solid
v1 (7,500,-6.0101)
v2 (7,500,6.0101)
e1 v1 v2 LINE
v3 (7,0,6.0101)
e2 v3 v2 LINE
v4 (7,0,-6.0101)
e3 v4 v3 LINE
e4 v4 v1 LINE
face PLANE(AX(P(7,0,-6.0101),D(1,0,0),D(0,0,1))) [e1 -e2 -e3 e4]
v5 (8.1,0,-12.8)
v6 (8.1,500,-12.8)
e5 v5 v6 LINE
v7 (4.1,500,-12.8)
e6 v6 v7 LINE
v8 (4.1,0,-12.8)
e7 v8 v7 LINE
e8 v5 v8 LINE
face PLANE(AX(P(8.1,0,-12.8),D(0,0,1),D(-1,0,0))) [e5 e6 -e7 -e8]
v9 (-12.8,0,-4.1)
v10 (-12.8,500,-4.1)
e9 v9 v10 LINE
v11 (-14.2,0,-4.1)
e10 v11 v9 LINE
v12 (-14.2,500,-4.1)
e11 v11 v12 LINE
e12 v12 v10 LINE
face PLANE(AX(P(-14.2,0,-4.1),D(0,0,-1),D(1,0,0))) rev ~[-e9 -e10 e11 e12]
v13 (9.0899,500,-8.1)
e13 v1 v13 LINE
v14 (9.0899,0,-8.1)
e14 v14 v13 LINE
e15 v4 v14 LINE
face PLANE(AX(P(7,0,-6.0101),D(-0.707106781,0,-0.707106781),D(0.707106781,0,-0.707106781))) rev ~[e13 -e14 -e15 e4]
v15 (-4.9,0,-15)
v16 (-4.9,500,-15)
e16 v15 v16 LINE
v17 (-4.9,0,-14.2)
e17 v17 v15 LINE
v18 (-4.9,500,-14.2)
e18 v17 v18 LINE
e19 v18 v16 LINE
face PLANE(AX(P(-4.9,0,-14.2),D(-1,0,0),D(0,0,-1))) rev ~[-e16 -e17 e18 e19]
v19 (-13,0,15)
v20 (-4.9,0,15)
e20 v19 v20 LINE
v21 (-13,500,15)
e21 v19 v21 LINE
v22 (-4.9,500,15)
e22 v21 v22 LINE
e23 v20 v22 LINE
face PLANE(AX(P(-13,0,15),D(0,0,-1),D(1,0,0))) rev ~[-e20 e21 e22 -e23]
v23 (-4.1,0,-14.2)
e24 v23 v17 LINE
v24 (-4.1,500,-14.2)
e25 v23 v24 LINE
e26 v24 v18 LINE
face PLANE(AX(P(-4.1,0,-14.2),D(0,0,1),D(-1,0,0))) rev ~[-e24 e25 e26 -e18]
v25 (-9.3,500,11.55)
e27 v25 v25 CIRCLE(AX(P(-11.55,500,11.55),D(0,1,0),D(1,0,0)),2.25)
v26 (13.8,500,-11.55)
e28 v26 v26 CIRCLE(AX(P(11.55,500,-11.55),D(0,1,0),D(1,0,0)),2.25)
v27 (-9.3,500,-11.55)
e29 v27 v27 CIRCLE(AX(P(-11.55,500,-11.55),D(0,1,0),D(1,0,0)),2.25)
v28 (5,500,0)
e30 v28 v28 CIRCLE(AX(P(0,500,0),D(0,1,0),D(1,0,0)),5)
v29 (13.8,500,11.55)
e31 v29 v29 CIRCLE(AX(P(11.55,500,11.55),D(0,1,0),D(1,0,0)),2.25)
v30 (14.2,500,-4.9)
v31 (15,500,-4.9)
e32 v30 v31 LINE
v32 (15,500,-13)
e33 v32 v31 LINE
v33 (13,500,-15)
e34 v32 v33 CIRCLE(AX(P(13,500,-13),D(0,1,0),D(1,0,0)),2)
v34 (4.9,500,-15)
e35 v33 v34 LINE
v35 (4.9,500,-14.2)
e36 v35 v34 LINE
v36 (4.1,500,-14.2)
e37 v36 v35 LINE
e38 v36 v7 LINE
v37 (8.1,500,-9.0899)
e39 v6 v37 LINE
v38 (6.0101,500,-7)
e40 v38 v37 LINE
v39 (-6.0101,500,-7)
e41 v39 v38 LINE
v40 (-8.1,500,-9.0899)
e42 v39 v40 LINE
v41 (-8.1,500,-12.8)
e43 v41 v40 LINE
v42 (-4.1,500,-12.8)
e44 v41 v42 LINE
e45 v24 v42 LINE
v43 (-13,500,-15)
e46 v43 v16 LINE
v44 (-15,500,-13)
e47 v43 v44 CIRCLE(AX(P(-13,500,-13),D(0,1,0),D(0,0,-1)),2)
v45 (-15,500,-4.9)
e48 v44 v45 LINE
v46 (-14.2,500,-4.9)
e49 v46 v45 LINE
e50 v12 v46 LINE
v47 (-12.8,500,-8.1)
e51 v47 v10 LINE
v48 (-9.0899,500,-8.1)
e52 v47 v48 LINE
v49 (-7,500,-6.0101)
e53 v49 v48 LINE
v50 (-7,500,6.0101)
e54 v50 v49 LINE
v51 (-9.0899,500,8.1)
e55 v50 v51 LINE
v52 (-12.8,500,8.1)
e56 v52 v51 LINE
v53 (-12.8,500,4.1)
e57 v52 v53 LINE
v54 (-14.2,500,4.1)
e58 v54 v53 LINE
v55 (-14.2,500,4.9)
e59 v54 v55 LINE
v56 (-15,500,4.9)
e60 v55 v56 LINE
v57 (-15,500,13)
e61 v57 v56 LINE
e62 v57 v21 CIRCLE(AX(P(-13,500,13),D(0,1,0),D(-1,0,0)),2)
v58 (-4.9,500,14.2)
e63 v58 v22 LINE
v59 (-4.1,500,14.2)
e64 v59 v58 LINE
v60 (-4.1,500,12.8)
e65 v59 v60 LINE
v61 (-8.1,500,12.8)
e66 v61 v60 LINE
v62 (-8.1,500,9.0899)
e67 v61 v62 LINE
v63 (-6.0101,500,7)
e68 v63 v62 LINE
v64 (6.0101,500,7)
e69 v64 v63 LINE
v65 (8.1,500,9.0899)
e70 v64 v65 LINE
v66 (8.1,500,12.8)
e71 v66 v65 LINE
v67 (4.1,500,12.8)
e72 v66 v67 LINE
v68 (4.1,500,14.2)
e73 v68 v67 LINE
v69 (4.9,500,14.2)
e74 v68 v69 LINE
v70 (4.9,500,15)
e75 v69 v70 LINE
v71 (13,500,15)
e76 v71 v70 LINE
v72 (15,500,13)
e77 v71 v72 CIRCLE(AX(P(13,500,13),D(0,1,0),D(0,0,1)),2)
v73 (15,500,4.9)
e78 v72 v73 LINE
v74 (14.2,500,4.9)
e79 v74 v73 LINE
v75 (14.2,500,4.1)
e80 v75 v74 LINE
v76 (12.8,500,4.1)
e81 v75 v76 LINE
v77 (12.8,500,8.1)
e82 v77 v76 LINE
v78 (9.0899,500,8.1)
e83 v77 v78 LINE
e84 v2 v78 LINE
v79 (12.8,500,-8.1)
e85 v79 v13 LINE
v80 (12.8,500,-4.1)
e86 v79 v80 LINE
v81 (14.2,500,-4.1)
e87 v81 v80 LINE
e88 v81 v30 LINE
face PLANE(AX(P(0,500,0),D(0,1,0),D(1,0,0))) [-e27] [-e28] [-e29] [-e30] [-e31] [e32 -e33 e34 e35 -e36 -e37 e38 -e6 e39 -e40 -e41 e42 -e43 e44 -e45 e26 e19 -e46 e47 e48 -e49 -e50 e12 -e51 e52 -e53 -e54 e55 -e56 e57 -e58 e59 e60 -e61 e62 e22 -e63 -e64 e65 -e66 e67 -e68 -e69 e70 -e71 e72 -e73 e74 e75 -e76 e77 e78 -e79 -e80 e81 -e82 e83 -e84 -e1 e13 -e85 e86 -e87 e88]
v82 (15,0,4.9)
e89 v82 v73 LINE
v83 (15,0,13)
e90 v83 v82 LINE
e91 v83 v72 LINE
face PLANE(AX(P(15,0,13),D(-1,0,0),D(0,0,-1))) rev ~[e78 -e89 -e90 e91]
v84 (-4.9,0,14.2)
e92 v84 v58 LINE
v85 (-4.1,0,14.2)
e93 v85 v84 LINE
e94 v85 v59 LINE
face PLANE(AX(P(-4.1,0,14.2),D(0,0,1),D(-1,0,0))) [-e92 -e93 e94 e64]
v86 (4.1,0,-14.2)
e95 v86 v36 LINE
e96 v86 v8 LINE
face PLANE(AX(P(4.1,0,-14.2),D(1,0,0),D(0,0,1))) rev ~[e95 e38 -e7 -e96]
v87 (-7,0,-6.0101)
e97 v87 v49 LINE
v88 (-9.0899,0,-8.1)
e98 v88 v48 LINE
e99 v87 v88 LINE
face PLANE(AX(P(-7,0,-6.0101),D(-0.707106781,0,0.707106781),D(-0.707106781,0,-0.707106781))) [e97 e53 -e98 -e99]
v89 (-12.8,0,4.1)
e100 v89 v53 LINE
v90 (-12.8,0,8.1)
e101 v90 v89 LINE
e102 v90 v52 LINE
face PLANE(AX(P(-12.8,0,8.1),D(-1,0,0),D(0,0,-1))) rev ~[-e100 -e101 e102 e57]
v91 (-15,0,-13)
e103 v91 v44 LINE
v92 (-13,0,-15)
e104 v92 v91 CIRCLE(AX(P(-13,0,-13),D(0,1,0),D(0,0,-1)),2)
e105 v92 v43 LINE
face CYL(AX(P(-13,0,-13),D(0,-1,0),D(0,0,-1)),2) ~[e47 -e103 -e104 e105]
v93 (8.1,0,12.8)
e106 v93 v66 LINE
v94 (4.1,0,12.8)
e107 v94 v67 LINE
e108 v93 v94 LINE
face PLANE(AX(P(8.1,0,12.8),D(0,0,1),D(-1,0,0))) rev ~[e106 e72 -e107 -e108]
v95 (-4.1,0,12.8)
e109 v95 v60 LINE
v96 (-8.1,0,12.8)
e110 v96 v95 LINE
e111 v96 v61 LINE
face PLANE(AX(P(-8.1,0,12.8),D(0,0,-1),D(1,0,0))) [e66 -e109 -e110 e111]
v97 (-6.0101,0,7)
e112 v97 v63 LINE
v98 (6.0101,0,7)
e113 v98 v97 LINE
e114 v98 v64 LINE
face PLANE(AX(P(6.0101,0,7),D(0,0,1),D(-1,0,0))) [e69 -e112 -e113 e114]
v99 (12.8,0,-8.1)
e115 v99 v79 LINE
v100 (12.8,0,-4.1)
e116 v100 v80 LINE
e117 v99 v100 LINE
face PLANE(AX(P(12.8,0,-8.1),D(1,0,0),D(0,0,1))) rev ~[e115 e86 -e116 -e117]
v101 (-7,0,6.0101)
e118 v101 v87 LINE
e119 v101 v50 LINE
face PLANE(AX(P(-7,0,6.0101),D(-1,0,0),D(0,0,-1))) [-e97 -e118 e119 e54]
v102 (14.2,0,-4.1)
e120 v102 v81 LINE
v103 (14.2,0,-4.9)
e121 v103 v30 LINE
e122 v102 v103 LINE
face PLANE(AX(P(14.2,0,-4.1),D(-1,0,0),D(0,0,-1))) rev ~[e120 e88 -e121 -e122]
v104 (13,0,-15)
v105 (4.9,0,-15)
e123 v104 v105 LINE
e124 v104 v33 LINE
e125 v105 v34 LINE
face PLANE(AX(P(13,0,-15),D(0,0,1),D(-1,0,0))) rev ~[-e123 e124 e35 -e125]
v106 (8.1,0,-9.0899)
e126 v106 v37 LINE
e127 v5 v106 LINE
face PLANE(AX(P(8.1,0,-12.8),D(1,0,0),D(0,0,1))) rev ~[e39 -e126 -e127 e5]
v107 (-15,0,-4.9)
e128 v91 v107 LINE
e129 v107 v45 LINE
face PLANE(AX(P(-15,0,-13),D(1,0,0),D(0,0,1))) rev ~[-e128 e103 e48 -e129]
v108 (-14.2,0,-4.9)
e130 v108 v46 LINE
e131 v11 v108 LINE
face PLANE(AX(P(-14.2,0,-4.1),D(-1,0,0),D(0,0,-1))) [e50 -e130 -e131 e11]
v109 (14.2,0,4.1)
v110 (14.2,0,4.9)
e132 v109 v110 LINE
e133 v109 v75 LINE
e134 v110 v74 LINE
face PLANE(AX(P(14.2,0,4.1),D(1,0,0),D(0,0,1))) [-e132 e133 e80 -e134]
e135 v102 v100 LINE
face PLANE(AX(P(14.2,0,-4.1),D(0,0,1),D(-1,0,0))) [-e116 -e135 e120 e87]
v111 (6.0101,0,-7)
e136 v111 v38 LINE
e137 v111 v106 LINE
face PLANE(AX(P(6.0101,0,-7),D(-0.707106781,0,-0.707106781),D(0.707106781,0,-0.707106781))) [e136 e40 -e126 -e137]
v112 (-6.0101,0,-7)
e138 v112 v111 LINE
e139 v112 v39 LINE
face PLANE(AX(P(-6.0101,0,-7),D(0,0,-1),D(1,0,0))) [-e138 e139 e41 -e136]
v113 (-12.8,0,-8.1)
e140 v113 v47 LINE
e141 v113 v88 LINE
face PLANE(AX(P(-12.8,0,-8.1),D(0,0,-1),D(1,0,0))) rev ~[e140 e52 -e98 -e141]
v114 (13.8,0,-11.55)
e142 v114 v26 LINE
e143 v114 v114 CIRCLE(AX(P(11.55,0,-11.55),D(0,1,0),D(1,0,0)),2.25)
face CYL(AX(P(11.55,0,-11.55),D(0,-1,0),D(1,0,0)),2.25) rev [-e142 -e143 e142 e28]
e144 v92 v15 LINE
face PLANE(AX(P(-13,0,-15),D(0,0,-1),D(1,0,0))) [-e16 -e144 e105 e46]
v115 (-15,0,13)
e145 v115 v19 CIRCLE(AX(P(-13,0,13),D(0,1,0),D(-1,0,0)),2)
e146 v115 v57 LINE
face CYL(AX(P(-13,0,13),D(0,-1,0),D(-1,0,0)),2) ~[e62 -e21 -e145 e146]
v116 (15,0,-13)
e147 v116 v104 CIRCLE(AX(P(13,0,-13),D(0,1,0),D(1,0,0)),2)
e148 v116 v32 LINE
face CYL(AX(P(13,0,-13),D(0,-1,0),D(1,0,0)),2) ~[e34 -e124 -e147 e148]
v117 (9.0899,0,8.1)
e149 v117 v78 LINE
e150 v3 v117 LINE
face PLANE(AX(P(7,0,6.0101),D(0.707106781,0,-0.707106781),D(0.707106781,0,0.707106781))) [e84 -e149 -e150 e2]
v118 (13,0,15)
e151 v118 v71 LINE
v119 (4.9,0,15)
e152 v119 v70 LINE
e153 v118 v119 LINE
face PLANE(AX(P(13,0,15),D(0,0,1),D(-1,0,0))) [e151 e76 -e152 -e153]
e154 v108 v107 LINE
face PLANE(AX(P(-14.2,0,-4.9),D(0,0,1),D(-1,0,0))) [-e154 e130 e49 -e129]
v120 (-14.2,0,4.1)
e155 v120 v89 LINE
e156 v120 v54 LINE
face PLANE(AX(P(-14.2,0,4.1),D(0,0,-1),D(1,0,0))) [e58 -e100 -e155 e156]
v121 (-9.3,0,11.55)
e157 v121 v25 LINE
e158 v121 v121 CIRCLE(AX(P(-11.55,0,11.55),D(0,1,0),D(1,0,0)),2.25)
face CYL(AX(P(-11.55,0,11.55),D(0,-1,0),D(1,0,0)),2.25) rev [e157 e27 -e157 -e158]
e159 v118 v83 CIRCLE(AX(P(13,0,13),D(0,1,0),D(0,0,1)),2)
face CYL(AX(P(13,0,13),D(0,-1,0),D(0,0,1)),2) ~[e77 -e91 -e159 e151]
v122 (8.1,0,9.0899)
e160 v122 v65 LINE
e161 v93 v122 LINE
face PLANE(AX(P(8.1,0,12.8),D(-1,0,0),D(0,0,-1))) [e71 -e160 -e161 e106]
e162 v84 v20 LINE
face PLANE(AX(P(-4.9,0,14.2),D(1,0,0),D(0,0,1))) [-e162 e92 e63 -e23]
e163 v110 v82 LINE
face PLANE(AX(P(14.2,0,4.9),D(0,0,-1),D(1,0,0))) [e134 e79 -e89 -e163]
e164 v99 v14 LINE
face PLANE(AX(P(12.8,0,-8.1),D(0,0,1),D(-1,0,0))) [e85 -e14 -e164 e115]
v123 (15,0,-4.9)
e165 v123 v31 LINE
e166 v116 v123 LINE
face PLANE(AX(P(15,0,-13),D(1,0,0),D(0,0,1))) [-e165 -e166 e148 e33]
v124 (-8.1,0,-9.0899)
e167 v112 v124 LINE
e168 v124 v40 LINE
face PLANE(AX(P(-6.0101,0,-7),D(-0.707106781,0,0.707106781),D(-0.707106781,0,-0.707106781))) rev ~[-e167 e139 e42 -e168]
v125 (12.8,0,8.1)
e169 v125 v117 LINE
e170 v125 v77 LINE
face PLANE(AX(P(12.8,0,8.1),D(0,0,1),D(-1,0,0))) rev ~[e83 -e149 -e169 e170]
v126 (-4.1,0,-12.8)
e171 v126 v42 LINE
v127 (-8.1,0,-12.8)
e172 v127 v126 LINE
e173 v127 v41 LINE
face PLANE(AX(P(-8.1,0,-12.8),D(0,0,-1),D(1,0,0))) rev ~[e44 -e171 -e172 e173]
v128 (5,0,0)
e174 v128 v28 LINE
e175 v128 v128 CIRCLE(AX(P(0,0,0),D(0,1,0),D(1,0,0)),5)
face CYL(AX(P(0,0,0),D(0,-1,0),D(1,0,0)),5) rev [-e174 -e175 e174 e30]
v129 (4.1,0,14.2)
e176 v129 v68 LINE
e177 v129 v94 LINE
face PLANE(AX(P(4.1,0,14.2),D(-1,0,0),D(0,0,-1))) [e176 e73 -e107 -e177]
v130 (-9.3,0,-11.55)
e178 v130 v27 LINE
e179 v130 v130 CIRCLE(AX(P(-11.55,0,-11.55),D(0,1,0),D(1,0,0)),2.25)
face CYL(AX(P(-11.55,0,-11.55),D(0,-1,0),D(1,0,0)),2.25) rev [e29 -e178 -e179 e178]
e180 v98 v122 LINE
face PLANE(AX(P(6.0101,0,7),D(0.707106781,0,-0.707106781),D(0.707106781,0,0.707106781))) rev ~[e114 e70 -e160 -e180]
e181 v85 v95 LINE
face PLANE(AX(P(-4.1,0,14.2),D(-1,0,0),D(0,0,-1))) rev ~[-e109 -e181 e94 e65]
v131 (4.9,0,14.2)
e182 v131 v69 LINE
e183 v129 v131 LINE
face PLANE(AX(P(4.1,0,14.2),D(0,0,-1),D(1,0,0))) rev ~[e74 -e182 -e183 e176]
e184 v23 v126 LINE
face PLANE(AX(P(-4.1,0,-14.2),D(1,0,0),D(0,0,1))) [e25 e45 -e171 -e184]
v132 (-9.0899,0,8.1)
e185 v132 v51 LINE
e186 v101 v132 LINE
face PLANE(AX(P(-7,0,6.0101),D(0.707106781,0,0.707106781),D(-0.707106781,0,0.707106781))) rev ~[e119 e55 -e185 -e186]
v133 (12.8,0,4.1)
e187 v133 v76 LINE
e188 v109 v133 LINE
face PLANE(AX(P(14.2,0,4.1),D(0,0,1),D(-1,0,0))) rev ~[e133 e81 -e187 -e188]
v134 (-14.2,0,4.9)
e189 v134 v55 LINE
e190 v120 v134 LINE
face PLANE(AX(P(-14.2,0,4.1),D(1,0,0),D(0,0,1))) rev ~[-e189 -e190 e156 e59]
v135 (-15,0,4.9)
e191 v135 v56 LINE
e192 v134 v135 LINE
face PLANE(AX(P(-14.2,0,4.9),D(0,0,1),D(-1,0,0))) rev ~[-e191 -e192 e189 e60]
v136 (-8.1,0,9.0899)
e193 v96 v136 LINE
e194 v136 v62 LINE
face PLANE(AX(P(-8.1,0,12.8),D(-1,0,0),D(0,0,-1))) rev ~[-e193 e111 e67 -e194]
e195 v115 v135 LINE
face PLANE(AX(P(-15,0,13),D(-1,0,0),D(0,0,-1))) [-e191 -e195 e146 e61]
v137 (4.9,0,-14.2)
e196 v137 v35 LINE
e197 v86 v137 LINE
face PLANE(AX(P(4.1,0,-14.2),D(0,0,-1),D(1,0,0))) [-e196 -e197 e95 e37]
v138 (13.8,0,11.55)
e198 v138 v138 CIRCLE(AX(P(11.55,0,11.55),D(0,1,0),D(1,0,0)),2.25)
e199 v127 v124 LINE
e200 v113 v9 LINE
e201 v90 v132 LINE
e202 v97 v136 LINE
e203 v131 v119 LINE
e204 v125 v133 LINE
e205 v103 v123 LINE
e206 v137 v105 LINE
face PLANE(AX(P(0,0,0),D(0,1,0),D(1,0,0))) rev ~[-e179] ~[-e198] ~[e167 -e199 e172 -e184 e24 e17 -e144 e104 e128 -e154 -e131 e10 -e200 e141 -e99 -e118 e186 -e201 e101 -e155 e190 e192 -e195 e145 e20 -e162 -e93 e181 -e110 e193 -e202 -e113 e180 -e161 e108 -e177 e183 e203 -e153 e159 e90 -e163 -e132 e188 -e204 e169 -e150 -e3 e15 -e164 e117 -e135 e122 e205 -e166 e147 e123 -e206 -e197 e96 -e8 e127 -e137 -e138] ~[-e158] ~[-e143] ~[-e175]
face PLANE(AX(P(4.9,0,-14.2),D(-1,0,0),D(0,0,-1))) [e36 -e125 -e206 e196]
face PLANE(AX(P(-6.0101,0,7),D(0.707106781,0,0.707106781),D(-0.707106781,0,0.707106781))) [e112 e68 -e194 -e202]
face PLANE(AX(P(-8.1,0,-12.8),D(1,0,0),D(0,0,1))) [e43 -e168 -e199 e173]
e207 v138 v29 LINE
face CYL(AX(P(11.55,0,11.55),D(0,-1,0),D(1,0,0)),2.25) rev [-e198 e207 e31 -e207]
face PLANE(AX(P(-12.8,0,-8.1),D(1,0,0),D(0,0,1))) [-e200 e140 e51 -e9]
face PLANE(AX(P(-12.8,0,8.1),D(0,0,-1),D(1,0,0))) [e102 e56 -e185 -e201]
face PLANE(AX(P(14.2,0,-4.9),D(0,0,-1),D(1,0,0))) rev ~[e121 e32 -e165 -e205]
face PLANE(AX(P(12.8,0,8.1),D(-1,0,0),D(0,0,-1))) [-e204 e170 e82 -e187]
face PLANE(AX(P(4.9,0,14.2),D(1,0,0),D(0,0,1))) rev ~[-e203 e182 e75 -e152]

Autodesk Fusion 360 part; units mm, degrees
sketch "Sketch1" plane through (0, 0, 0) normal (0, 1, 0) x (1, 0, 0)
  line L0 (6.0101, -7) -> (-6.0101, -7)
  line L1 (-8.1, -12.8) -> (-8.1, -9.0899)
  line L2 (-6.0101, -7) -> (-8.1, -9.0899)
  line L3 (-4.1, -14.2) -> (-4.9, -14.2)
  line L4 (-4.9, -14.2) -> (-4.9, -15)
  line L5 (-4.1, -14.2) -> (-4.1, -12.8)
  line L6 (-13, -15) -> (-4.9, -15)
  line L7 (-8.1, -12.8) -> (-4.1, -12.8)
  line L8 (6.0101, -7) -> (8.1, -9.0899)
  line L9 (8.1, -12.8) -> (8.1, -9.0899)
  line L10 (8.1, -12.8) -> (4.1, -12.8)
  line L11 (4.1, -14.2) -> (4.1, -12.8)
  line L12 (4.1, -14.2) -> (4.9, -14.2)
  line L13 (4.9, -14.2) -> (4.9, -15)
  line L14 (13, -15) -> (4.9, -15)
  line L15 (14.2, -4.1) -> (14.2, -4.9)
  line L16 (12.8, -8.1) -> (9.0899, -8.1)
  line L17 (15, -13) -> (15, -4.9)
  line L18 (7, 6.0101) -> (9.0899, 8.1)
  line L19 (7, 6.0101) -> (7, -6.0101)
  line L20 (14.2, 4.9) -> (15, 4.9)
  line L21 (7, -6.0101) -> (9.0899, -8.1)
  line L22 (14.2, -4.1) -> (12.8, -4.1)
  line L23 (14.2, 4.1) -> (12.8, 4.1)
  line L24 (15, 13) -> (15, 4.9)
  line L25 (14.2, -4.9) -> (15, -4.9)
  line L26 (12.8, 8.1) -> (9.0899, 8.1)
  line L27 (12.8, 8.1) -> (12.8, 4.1)
  line L28 (12.8, -8.1) -> (12.8, -4.1)
  line L29 (14.2, 4.1) -> (14.2, 4.9)
  line L30 (4.1, 14.2) -> (4.9, 14.2)
  line L31 (8.1, 12.8) -> (8.1, 9.0899)
  line L32 (13, 15) -> (4.9, 15)
  line L33 (-6.0101, 7) -> (-8.1, 9.0899)
  line L34 (-6.0101, 7) -> (6.0101, 7)
  line L35 (-4.9, 14.2) -> (-4.9, 15)
  line L36 (6.0101, 7) -> (8.1, 9.0899)
  line L37 (4.1, 14.2) -> (4.1, 12.8)
  line L38 (-4.1, 14.2) -> (-4.1, 12.8)
  line L39 (-13, 15) -> (-4.9, 15)
  line L40 (4.9, 14.2) -> (4.9, 15)
  line L41 (-8.1, 12.8) -> (-8.1, 9.0899)
  line L42 (-8.1, 12.8) -> (-4.1, 12.8)
  line L43 (8.1, 12.8) -> (4.1, 12.8)
  line L44 (-4.1, 14.2) -> (-4.9, 14.2)
  line L45 (-14.2, 4.1) -> (-14.2, 4.9)
  line L46 (-12.8, 8.1) -> (-9.0899, 8.1)
  line L47 (-15, 13) -> (-15, 4.9)
  line L48 (-7, -6.0101) -> (-9.0899, -8.1)
  line L49 (-7, -6.0101) -> (-7, 6.0101)
  line L50 (-14.2, -4.9) -> (-15, -4.9)
  line L51 (-7, 6.0101) -> (-9.0899, 8.1)
  line L52 (-14.2, 4.1) -> (-12.8, 4.1)
  line L53 (-14.2, -4.1) -> (-12.8, -4.1)
  line L54 (-15, -13) -> (-15, -4.9)
  line L55 (-14.2, 4.9) -> (-15, 4.9)
  line L56 (-12.8, -8.1) -> (-9.0899, -8.1)
  line L57 (-12.8, -8.1) -> (-12.8, -4.1)
  line L58 (-12.8, 8.1) -> (-12.8, 4.1)
  line L59 (-14.2, -4.1) -> (-14.2, -4.9)
  circle A0 centre (0, 0) radius 5
  circle A1 centre (-11.55, -11.55) radius 2.25
  circle A2 centre (11.55, -11.55) radius 2.25
  circle A3 centre (11.55, 11.55) radius 2.25
  circle A4 centre (-11.55, 11.55) radius 2.25
  arc A5 (-15, -13) -> (-13, -15) centre (-13, -13) ccw
  arc A6 (13, -15) -> (15, -13) centre (13, -13) ccw
  arc A7 (15, 13) -> (13, 15) centre (13, 13) ccw
  arc A8 (-13, 15) -> (-15, 13) centre (-13, 13) ccw
  dimension "d17" = 10
  dimension "d22" = 4.5
  dimension "d24" = 360
  dimension "d25" = 2
extrude "Extrude1" add sketch "Sketch1" along normal blind 500
